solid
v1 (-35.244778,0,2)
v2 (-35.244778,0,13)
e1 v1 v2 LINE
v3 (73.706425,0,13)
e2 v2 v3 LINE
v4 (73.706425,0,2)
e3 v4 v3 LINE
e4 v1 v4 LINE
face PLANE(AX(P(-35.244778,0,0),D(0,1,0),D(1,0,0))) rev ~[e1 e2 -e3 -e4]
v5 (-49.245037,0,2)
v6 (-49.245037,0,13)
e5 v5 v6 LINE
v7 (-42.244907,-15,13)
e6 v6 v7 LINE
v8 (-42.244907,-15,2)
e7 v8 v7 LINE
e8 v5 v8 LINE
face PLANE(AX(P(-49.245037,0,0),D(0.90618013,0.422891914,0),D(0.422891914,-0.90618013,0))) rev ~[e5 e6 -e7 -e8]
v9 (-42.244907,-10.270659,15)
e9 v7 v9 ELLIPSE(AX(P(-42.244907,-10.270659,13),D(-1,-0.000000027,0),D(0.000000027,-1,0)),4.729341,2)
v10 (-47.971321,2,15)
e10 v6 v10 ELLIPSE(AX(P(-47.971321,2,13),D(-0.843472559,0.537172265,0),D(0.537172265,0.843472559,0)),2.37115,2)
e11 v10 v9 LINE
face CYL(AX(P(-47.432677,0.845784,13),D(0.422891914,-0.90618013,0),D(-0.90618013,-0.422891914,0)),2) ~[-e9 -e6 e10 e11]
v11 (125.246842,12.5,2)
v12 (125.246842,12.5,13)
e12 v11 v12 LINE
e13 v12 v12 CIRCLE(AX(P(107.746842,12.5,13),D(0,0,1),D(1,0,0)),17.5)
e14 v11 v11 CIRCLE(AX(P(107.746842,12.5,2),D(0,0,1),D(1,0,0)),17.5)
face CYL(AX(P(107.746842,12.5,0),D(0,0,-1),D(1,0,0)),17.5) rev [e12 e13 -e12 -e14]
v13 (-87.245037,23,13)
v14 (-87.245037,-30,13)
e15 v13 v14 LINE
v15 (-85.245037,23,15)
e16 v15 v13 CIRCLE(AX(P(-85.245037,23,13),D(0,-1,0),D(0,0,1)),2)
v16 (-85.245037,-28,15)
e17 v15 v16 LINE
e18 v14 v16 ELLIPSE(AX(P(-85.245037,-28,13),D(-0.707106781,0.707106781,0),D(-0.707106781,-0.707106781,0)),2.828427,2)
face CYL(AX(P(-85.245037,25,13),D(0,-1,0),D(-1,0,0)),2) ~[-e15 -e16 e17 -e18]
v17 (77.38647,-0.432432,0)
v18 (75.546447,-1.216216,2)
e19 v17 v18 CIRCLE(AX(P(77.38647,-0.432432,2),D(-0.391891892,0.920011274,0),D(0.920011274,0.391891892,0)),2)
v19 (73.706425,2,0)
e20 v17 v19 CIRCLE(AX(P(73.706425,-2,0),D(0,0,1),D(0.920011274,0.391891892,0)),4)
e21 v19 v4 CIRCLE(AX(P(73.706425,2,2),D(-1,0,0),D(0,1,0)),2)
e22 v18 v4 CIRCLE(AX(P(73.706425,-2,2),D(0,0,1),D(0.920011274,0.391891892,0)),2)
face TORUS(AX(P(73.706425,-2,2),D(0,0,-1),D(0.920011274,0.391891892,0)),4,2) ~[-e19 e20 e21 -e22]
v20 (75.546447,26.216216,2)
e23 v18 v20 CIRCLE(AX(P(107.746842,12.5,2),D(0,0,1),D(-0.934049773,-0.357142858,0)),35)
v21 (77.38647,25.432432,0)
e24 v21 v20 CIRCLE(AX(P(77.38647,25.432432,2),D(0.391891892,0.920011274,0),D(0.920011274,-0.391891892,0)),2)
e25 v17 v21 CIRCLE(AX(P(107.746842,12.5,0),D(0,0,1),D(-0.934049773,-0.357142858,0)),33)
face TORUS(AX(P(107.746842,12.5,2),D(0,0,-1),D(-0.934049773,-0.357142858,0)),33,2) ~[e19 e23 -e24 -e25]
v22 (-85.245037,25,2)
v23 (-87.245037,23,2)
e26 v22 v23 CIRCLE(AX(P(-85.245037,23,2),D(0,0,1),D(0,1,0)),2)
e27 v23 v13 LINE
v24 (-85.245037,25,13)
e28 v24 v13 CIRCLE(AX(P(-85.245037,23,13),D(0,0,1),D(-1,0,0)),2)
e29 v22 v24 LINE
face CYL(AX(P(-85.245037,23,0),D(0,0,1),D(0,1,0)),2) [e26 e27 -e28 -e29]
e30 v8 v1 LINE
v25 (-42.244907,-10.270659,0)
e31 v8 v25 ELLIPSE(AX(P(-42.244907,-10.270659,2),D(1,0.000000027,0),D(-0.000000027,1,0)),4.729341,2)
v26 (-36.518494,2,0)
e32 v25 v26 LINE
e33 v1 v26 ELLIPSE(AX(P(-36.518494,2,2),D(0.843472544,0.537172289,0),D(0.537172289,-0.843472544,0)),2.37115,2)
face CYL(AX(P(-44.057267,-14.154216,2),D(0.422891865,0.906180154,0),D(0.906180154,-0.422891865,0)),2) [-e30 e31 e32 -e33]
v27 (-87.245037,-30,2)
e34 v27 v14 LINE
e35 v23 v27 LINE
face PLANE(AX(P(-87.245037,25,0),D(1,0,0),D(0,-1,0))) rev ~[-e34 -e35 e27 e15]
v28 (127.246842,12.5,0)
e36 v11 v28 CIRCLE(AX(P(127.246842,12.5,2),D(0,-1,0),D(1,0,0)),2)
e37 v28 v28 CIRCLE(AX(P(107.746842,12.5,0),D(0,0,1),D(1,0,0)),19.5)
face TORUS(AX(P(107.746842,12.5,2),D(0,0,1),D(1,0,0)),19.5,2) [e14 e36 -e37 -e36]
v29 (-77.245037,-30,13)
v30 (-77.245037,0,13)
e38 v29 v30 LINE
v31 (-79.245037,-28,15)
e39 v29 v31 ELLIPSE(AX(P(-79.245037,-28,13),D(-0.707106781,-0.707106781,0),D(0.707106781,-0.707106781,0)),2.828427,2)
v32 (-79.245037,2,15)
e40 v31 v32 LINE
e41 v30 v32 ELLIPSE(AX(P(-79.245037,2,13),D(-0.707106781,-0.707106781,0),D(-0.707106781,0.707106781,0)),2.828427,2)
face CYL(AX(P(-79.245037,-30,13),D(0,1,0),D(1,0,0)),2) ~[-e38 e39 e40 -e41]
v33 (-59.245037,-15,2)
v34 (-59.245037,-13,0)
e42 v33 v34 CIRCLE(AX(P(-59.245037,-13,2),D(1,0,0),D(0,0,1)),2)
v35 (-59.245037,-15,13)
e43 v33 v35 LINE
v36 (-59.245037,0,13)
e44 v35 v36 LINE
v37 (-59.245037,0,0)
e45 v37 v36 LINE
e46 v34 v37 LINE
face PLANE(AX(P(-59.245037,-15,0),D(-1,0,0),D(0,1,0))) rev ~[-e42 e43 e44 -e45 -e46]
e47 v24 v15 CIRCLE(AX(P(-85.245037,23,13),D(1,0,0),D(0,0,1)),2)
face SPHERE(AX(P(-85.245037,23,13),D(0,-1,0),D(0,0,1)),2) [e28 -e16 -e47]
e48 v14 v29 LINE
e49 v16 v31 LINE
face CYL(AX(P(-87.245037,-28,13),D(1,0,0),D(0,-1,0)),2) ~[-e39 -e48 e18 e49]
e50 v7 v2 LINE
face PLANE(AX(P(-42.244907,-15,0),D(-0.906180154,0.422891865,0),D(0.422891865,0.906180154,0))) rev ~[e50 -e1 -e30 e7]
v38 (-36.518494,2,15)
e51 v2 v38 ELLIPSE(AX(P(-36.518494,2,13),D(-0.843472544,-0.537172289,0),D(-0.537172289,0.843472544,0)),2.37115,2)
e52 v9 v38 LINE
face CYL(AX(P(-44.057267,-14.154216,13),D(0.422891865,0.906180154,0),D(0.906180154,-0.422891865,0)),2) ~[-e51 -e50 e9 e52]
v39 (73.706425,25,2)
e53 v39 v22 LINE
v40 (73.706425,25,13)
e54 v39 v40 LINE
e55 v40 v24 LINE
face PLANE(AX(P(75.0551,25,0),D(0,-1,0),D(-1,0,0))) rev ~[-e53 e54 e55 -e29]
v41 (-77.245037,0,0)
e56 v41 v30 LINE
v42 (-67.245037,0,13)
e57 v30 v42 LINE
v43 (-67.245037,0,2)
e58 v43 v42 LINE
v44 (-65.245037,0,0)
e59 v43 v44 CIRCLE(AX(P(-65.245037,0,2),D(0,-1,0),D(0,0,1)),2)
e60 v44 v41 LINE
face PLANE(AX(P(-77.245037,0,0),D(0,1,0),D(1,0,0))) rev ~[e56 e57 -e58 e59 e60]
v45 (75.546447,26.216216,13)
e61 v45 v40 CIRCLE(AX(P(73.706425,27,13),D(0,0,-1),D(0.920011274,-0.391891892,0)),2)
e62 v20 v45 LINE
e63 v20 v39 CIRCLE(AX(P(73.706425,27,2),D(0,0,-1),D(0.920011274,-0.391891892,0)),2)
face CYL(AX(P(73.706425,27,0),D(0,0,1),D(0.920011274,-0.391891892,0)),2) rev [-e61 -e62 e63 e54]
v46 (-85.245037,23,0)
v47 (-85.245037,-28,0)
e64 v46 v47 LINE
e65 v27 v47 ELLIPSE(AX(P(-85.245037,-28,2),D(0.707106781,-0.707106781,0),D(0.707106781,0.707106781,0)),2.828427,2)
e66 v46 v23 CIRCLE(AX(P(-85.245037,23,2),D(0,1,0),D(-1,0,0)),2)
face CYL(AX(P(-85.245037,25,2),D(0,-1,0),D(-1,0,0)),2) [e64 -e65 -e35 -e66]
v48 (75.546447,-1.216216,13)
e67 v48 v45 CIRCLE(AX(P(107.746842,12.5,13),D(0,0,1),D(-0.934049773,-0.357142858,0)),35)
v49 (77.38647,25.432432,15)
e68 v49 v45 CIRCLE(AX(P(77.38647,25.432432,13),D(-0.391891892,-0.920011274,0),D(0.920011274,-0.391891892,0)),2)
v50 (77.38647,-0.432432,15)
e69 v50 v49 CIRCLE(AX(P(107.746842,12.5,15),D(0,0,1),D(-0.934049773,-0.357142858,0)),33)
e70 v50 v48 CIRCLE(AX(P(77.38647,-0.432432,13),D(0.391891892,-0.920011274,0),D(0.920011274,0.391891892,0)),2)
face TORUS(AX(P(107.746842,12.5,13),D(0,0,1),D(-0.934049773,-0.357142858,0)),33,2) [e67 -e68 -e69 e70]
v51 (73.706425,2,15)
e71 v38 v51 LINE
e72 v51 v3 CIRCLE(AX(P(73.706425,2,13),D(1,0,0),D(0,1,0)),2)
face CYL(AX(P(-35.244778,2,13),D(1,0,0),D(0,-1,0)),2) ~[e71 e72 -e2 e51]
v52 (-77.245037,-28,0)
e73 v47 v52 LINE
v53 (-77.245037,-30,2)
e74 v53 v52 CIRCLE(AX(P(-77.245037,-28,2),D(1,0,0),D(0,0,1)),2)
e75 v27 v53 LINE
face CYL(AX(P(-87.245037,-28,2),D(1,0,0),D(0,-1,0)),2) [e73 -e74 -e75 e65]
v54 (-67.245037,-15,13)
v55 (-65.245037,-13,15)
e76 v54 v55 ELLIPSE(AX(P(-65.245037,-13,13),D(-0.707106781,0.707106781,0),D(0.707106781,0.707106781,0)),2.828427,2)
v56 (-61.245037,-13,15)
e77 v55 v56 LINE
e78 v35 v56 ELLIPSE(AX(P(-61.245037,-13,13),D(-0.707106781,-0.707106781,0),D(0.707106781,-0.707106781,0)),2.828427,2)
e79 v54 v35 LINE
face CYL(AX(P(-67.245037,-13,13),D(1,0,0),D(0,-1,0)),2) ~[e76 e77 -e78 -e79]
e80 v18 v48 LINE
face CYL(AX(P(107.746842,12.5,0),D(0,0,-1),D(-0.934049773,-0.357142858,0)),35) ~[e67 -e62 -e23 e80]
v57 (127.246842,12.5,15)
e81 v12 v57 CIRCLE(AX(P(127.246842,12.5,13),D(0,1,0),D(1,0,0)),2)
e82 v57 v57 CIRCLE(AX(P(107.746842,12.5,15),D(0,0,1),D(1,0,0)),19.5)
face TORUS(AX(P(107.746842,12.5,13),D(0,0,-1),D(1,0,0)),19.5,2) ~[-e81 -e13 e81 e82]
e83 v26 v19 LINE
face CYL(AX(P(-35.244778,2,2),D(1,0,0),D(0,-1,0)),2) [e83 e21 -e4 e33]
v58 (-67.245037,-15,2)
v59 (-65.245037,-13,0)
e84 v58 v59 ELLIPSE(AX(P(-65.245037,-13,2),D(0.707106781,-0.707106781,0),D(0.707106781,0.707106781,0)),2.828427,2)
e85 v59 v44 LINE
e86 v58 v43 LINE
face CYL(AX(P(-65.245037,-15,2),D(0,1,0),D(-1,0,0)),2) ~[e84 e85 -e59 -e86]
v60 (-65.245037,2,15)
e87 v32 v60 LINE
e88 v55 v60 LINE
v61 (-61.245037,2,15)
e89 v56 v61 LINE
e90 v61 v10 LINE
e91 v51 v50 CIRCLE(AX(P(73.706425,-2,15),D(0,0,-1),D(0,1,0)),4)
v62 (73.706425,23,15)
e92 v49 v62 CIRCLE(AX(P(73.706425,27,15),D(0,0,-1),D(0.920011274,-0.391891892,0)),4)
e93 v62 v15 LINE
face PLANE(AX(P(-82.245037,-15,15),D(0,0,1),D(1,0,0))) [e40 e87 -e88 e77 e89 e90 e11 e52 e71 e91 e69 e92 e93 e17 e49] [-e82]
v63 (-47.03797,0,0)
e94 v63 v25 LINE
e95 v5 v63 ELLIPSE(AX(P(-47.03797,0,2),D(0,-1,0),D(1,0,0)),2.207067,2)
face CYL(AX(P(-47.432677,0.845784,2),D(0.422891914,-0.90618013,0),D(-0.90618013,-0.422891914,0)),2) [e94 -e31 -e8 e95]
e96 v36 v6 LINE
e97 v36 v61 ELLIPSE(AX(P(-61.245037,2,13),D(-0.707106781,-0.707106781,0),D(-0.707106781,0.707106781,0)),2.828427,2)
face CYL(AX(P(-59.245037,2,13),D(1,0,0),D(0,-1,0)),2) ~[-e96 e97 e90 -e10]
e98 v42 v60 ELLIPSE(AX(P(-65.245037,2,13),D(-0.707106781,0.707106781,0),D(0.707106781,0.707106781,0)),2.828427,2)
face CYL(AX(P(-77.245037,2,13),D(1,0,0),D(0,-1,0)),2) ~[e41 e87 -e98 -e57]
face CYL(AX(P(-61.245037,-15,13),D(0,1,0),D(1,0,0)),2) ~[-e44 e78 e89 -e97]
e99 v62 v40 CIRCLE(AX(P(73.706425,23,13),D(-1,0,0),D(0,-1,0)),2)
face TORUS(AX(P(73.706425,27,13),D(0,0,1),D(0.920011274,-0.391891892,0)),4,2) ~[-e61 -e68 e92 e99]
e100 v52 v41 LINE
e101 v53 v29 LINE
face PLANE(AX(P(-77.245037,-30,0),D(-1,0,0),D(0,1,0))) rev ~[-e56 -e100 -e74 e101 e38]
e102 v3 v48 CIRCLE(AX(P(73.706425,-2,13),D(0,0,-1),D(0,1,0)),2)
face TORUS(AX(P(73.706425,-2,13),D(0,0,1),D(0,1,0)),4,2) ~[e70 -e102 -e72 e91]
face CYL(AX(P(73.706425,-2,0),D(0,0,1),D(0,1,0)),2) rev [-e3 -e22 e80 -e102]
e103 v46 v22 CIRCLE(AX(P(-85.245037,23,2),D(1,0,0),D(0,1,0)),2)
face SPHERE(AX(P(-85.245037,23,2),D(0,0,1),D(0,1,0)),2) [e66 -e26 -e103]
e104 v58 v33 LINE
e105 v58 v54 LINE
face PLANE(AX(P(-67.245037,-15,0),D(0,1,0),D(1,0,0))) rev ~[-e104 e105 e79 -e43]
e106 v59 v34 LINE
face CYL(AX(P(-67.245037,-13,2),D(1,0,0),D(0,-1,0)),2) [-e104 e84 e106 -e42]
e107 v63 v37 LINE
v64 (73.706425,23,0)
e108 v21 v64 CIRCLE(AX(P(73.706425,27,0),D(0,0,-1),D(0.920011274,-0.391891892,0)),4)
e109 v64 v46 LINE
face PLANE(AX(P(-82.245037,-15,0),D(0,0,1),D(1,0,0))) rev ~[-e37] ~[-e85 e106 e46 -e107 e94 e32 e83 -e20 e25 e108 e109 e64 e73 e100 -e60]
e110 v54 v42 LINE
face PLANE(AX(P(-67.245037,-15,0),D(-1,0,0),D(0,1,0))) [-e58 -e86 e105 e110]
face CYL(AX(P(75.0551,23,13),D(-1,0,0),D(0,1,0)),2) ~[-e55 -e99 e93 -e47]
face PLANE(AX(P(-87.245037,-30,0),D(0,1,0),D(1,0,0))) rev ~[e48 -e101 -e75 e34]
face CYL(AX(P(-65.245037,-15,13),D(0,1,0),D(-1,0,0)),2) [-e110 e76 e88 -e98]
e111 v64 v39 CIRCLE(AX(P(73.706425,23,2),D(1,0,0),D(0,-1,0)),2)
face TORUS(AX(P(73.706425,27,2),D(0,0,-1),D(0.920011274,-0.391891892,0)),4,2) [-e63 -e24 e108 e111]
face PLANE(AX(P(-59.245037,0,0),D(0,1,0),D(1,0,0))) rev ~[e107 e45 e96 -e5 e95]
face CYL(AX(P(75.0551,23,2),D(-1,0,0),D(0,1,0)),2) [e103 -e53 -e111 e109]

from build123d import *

# Parameters (mm, degrees)
F0_W     = 10
F0_H     = 30
F0_R     = 17.5
F0_W_2   = 8
F0_H_2   = 15
F1_DEPTH = 15
F2_R     = 2


with BuildPart() as f1:
    # F0 (on Top) → F1 (new body)
    with BuildSketch(Plane.XY):
        with Locations((-82.245037, -15)):
            Rectangle(F0_W, F0_H)
        Polygon((-42.244907, -15), (-35.244778, 0), (-49.245037, 0), align=None)
        with BuildLine():
            Line((75.0551, 25), (-87.245037, 25))
            Line((-87.245037, 25), (-87.245037, 0))
            Line((-87.245037, 0), (-77.245037, 0))
            Line((-77.245037, 0), (-67.245037, 0))
            Line((-67.245037, 0), (-59.245037, 0))
            Line((-59.245037, 0), (-49.245037, 0))
            Line((-49.245037, 0), (-35.244778, 0))
            Line((-35.244778, 0), (75.0551, 0))
            ThreePointArc((75.0551, 0), (142.746842, 12.5), (75.0551, 25))
        make_face()
        with Locations((107.746842, 12.5)):
            Circle(F0_R, mode=Mode.SUBTRACT)
        with Locations((-63.245037, -7.5)):
            Rectangle(F0_W_2, F0_H_2)
    extrude(amount=F1_DEPTH)

    # F2
    f2_edges = [f1.edges().sort_by_distance(p)[0] for p in [
        (-87.245037, -2.5, 15),
        (-82.245037, -30, 15),
        (-77.245037, -15, 15),
        (-72.245037, 0, 15),
        (-67.245037, -7.5, 15),
        (-63.245037, -15, 15),
        (-59.245037, -7.5, 15),
        (-54.245037, 0, 15),
        (-45.744972, -7.5, 15),
        (-38.744843, -7.5, 15),
        (19.905161, 0, 15),
        (142.746842, 12.5, 15),
        (-6.094968, 25, 15),
        (90.246842, 12.5, 15),
        (19.905161, 0, 0),
        (75.0551, 0, 7.5),
        (75.0551, 25, 7.5),
        (142.746842, 12.5, 0),
        (-38.744843, -7.5, 0),
        (-45.744972, -7.5, 0),
        (-63.245037, -15, 0),
        (-82.245037, -30, 0),
        (-87.245037, 25, 7.5),
        (-6.094968, 25, 0),
        (-67.245037, -7.5, 0),
        (-87.245037, -2.5, 0),
        (90.246842, 12.5, 0),
    ]]
    fillet(f2_edges, radius=F2_R)


solid = f1.part
